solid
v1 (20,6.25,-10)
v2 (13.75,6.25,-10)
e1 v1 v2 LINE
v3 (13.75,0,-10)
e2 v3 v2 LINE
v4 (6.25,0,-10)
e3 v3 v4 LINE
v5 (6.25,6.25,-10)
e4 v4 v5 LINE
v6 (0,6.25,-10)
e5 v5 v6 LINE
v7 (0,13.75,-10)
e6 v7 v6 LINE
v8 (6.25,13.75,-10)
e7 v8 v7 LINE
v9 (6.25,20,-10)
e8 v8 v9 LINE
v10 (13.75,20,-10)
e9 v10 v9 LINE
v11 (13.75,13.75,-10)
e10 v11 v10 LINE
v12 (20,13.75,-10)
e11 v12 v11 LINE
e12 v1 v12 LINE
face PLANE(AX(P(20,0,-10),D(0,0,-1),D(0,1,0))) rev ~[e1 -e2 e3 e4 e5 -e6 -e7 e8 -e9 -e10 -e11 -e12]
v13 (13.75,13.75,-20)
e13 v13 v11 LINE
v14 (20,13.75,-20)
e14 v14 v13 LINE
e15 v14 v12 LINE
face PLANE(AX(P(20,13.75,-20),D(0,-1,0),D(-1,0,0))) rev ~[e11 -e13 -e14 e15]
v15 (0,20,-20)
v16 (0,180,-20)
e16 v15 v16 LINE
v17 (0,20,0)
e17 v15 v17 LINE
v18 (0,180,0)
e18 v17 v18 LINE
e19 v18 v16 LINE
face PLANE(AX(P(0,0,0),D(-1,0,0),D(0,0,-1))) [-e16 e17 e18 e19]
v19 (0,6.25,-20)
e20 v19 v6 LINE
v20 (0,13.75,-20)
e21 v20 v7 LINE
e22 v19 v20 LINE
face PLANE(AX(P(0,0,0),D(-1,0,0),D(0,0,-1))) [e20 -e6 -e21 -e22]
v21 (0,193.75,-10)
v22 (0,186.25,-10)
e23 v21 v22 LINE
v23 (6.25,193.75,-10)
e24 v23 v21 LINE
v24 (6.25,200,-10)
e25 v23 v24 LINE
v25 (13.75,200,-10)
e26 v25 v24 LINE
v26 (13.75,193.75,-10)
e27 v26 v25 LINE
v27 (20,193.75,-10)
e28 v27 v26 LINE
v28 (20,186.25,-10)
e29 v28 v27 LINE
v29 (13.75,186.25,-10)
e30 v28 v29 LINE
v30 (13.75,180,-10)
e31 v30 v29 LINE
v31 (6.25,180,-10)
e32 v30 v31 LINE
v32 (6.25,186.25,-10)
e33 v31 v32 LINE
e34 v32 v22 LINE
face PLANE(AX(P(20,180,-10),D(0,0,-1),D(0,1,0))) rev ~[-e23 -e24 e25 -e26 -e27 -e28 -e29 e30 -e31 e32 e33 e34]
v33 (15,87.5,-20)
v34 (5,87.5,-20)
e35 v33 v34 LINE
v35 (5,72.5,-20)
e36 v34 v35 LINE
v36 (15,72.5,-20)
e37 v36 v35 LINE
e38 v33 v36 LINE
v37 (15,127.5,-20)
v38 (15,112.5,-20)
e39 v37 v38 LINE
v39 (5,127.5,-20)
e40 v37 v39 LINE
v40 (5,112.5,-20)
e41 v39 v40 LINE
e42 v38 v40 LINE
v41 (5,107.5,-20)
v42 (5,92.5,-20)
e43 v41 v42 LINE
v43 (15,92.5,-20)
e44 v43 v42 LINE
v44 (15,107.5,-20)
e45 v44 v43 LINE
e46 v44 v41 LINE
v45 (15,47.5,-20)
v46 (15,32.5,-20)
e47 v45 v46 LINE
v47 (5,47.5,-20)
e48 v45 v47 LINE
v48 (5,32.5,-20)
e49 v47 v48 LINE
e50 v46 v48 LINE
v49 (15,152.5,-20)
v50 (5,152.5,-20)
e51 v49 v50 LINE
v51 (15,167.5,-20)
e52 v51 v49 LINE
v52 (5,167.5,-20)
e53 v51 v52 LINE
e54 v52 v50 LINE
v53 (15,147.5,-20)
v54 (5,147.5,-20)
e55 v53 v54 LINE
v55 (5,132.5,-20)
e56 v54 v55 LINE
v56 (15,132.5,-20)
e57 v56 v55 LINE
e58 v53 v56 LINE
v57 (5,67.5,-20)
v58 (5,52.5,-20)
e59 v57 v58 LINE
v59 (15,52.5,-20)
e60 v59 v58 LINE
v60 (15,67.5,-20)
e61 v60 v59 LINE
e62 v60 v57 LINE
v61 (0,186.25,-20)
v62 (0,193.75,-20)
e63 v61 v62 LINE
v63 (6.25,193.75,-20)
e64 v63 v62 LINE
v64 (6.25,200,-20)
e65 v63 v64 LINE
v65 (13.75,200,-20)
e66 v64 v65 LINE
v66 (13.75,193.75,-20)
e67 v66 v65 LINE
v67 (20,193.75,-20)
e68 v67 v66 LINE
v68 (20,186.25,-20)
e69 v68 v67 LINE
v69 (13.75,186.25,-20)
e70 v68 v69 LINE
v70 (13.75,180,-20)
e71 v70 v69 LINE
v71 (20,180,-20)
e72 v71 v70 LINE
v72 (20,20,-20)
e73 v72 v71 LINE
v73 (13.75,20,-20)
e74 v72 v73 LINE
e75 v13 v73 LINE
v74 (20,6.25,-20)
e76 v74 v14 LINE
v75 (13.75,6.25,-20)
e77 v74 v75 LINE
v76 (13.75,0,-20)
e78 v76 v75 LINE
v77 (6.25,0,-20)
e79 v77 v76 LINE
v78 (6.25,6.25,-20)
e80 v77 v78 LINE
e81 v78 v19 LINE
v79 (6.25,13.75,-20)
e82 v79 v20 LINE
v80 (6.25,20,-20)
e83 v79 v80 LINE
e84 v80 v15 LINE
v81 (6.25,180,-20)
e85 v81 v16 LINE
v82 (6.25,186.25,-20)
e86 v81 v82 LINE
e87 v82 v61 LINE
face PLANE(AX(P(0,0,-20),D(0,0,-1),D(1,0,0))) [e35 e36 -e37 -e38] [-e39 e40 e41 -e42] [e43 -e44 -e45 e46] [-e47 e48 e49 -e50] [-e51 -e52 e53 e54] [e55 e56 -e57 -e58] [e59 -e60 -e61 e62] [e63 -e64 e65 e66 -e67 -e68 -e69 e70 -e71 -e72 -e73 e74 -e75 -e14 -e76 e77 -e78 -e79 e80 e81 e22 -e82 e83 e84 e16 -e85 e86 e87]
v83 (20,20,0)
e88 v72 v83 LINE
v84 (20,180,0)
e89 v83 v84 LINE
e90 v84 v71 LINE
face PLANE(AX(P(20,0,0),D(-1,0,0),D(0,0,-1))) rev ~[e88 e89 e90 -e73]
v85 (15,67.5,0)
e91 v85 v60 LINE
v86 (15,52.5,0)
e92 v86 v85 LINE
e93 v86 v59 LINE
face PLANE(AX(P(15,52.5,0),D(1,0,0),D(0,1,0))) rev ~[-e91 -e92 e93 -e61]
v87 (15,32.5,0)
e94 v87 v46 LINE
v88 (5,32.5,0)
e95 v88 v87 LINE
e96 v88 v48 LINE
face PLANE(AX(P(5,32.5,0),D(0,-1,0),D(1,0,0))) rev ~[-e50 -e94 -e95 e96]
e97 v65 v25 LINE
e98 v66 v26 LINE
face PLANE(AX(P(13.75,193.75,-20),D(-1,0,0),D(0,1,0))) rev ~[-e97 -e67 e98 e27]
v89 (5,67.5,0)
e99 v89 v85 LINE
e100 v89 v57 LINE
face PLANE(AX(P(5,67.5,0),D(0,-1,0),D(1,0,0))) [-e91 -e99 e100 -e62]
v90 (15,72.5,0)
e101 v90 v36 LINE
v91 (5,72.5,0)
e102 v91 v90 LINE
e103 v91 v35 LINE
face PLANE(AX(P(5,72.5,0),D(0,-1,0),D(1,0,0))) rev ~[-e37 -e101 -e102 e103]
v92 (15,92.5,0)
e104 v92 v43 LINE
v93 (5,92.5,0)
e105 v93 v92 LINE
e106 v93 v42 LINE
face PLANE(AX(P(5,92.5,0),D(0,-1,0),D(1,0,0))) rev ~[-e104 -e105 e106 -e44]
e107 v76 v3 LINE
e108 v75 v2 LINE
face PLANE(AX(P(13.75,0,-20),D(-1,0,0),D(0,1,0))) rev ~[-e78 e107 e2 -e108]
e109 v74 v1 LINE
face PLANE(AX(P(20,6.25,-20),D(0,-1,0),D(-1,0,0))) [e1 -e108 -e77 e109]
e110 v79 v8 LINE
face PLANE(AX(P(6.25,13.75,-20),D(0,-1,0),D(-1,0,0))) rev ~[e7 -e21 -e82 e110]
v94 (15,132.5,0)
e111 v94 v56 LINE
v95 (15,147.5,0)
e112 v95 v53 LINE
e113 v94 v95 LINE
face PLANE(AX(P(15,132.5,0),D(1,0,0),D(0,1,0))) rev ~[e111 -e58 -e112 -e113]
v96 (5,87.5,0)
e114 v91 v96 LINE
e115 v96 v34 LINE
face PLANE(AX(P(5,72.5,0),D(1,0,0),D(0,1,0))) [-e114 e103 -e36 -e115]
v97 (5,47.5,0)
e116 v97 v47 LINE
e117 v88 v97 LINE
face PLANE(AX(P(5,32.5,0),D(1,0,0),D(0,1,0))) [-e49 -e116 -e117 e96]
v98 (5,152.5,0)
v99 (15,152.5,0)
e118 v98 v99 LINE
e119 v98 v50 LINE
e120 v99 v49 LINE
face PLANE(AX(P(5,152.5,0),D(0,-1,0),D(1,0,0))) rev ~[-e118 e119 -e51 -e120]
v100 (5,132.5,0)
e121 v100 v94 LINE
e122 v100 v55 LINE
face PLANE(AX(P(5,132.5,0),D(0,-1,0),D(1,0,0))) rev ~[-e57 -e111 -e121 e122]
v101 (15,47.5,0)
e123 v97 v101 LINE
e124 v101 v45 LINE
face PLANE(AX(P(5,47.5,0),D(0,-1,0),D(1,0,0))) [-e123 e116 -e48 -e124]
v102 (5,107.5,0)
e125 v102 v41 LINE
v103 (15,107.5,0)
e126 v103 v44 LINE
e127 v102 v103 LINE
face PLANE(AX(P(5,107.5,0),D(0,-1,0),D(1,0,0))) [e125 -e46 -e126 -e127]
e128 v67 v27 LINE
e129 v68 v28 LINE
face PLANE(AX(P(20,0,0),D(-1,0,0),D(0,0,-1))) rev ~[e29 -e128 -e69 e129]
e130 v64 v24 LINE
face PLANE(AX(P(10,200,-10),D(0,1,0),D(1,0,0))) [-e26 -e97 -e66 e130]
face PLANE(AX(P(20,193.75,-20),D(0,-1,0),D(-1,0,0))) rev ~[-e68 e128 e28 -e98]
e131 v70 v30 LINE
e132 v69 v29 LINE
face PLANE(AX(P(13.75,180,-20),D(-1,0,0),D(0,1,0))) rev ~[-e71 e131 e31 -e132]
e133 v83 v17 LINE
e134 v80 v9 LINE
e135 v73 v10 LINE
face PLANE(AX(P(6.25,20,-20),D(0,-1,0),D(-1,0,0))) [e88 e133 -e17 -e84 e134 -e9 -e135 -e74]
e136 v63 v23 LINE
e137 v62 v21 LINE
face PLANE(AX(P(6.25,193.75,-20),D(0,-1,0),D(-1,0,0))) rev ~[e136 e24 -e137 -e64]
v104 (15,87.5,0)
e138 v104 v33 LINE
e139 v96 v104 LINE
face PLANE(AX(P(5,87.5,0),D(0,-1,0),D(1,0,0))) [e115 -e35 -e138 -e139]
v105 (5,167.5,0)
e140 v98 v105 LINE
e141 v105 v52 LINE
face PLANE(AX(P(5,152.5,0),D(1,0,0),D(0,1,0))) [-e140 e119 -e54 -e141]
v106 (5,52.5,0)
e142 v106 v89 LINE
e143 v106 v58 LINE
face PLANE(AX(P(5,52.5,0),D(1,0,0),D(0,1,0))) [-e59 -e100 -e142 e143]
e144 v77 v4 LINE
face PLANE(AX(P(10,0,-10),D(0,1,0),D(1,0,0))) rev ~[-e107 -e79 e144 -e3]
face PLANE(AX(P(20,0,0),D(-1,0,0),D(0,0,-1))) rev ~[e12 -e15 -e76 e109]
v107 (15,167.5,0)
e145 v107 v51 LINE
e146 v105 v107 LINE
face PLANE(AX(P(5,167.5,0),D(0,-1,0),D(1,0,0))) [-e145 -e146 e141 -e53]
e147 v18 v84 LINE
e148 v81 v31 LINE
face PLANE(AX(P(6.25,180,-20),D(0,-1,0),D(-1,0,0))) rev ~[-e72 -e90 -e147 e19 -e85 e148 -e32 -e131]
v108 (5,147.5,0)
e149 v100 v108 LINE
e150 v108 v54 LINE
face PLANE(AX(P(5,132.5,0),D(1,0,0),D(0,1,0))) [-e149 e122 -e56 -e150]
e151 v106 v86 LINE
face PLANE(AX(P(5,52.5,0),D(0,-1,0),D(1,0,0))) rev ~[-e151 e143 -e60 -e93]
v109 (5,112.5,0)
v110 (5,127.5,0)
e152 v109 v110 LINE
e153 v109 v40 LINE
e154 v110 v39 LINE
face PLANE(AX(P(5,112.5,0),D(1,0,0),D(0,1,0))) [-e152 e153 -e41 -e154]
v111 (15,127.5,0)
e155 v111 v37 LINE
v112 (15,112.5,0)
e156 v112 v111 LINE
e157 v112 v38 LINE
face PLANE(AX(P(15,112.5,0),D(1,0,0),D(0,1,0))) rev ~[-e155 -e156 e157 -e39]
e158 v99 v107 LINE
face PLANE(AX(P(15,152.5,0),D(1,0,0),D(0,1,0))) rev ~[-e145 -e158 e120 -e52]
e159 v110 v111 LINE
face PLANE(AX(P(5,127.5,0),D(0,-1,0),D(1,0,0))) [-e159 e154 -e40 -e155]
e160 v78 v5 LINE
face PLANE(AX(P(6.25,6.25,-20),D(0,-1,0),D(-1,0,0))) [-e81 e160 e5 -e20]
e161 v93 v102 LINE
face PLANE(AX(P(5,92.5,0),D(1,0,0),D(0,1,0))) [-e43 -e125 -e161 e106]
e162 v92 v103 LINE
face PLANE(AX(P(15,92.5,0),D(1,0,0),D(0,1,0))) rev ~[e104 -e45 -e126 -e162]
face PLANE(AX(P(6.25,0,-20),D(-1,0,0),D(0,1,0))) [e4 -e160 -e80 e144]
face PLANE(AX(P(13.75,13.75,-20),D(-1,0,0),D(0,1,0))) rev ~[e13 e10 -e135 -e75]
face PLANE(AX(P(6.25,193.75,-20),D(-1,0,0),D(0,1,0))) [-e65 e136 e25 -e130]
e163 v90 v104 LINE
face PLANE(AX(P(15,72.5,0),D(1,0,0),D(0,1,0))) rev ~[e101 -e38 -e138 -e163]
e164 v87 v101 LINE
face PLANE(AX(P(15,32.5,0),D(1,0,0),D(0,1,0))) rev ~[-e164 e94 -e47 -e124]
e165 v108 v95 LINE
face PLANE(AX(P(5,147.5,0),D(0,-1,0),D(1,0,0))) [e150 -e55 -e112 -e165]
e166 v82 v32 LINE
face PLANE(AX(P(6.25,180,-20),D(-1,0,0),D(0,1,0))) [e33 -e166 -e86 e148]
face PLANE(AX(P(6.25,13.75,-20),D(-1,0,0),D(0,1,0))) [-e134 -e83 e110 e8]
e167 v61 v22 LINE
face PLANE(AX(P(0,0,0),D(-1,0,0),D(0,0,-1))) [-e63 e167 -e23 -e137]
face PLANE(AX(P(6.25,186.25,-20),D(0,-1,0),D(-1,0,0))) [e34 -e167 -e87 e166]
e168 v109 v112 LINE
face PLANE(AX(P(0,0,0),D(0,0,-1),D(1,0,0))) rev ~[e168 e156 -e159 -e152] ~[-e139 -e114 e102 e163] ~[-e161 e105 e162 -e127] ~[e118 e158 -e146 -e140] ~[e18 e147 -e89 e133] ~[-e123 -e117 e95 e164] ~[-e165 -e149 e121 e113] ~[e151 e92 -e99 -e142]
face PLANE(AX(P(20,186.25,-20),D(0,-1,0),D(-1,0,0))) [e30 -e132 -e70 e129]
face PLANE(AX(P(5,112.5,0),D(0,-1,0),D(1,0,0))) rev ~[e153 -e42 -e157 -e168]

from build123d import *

# Parameters (mm, degrees)
SKETCH1_W           = 20
SKETCH1_H           = 20
BOSS_EXTRUDE1_DEPTH = 200
SKETCH2_W           = 10
SKETCH2_H           = 20
CUT_EXTRUDE1_DEPTH  = 21
SKETCH3_W           = 6.25
SKETCH3_H           = 6.25
CUT_EXTRUDE2_DEPTH  = 21
SKETCH4_W           = 6.25
SKETCH4_H           = 6.25
CUT_EXTRUDE3_DEPTH  = 21
SKETCH5_W           = 10
SKETCH5_H           = 15
CUT_EXTRUDE4_DEPTH  = 21


with BuildPart() as part:
    # Sketch1 → Boss-Extrude1 (new body)
    with BuildSketch(Plane(origin=(0, 0, 0), x_dir=(1, 0, 0), z_dir=(0, 1, 0))):
        with Locations((10, 10)):
            Rectangle(SKETCH1_W, SKETCH1_H)
    extrude(amount=BOSS_EXTRUDE1_DEPTH)

    # Sketch2 → Cut-Extrude1 (cut, through all)
    with BuildSketch(Plane(origin=(20, 0, 0), x_dir=(0, 0, -1), z_dir=(1, 0, 0))):
        with Locations((5, 190)):
            Rectangle(SKETCH2_W, SKETCH2_H)
        with Locations((5, 10)):
            Rectangle(SKETCH2_W, SKETCH2_H)
    extrude(amount=-CUT_EXTRUDE1_DEPTH, mode=Mode.SUBTRACT)

    # Sketch3 → Cut-Extrude2 (cut, through all)
    with BuildSketch(Plane(origin=(0, 0, -20), x_dir=(-1, 0, 0), z_dir=(0, 0, -1))):
        with Locations((-3.125, 196.875)):
            Rectangle(SKETCH3_W, SKETCH3_H)
        with Locations((-16.875, 196.875)):
            Rectangle(SKETCH3_W, SKETCH3_H)
        with Locations((-16.875, 183.125)):
            Rectangle(SKETCH3_W, SKETCH3_H)
        with Locations((-3.125, 183.125)):
            Rectangle(SKETCH3_W, SKETCH3_H)
    extrude(amount=-CUT_EXTRUDE2_DEPTH, mode=Mode.SUBTRACT)

    # Sketch4 → Cut-Extrude3 (cut, through all)
    with BuildSketch(Plane(origin=(0, 0, -20), x_dir=(-1, 0, 0), z_dir=(0, 0, -1))):
        with Locations((-16.875, 16.875)):
            Rectangle(SKETCH4_W, SKETCH4_H)
        with Locations((-16.875, 3.125)):
            Rectangle(SKETCH4_W, SKETCH4_H)
        with Locations((-3.125, 16.875)):
            Rectangle(SKETCH4_W, SKETCH4_H)
        with Locations((-3.125, 3.125)):
            Rectangle(SKETCH4_W, SKETCH4_H)
    extrude(amount=-CUT_EXTRUDE3_DEPTH, mode=Mode.SUBTRACT)

    # Sketch5 → Cut-Extrude4 (cut, through all)
    with BuildSketch(Plane.XY):
        with Locations((10, 40)):
            Rectangle(SKETCH5_W, SKETCH5_H)
        with Locations((10, 60)):
            Rectangle(SKETCH5_W, SKETCH5_H)
        with Locations((10, 80)):
            Rectangle(SKETCH5_W, SKETCH5_H)
        with Locations((10, 100)):
            Rectangle(SKETCH5_W, SKETCH5_H)
        with Locations((10, 120)):
            Rectangle(SKETCH5_W, SKETCH5_H)
        with Locations((10, 140)):
            Rectangle(SKETCH5_W, SKETCH5_H)
        with Locations((10, 160)):
            Rectangle(SKETCH5_W, SKETCH5_H)
    extrude(amount=-CUT_EXTRUDE4_DEPTH, mode=Mode.SUBTRACT)


solid = part.part
